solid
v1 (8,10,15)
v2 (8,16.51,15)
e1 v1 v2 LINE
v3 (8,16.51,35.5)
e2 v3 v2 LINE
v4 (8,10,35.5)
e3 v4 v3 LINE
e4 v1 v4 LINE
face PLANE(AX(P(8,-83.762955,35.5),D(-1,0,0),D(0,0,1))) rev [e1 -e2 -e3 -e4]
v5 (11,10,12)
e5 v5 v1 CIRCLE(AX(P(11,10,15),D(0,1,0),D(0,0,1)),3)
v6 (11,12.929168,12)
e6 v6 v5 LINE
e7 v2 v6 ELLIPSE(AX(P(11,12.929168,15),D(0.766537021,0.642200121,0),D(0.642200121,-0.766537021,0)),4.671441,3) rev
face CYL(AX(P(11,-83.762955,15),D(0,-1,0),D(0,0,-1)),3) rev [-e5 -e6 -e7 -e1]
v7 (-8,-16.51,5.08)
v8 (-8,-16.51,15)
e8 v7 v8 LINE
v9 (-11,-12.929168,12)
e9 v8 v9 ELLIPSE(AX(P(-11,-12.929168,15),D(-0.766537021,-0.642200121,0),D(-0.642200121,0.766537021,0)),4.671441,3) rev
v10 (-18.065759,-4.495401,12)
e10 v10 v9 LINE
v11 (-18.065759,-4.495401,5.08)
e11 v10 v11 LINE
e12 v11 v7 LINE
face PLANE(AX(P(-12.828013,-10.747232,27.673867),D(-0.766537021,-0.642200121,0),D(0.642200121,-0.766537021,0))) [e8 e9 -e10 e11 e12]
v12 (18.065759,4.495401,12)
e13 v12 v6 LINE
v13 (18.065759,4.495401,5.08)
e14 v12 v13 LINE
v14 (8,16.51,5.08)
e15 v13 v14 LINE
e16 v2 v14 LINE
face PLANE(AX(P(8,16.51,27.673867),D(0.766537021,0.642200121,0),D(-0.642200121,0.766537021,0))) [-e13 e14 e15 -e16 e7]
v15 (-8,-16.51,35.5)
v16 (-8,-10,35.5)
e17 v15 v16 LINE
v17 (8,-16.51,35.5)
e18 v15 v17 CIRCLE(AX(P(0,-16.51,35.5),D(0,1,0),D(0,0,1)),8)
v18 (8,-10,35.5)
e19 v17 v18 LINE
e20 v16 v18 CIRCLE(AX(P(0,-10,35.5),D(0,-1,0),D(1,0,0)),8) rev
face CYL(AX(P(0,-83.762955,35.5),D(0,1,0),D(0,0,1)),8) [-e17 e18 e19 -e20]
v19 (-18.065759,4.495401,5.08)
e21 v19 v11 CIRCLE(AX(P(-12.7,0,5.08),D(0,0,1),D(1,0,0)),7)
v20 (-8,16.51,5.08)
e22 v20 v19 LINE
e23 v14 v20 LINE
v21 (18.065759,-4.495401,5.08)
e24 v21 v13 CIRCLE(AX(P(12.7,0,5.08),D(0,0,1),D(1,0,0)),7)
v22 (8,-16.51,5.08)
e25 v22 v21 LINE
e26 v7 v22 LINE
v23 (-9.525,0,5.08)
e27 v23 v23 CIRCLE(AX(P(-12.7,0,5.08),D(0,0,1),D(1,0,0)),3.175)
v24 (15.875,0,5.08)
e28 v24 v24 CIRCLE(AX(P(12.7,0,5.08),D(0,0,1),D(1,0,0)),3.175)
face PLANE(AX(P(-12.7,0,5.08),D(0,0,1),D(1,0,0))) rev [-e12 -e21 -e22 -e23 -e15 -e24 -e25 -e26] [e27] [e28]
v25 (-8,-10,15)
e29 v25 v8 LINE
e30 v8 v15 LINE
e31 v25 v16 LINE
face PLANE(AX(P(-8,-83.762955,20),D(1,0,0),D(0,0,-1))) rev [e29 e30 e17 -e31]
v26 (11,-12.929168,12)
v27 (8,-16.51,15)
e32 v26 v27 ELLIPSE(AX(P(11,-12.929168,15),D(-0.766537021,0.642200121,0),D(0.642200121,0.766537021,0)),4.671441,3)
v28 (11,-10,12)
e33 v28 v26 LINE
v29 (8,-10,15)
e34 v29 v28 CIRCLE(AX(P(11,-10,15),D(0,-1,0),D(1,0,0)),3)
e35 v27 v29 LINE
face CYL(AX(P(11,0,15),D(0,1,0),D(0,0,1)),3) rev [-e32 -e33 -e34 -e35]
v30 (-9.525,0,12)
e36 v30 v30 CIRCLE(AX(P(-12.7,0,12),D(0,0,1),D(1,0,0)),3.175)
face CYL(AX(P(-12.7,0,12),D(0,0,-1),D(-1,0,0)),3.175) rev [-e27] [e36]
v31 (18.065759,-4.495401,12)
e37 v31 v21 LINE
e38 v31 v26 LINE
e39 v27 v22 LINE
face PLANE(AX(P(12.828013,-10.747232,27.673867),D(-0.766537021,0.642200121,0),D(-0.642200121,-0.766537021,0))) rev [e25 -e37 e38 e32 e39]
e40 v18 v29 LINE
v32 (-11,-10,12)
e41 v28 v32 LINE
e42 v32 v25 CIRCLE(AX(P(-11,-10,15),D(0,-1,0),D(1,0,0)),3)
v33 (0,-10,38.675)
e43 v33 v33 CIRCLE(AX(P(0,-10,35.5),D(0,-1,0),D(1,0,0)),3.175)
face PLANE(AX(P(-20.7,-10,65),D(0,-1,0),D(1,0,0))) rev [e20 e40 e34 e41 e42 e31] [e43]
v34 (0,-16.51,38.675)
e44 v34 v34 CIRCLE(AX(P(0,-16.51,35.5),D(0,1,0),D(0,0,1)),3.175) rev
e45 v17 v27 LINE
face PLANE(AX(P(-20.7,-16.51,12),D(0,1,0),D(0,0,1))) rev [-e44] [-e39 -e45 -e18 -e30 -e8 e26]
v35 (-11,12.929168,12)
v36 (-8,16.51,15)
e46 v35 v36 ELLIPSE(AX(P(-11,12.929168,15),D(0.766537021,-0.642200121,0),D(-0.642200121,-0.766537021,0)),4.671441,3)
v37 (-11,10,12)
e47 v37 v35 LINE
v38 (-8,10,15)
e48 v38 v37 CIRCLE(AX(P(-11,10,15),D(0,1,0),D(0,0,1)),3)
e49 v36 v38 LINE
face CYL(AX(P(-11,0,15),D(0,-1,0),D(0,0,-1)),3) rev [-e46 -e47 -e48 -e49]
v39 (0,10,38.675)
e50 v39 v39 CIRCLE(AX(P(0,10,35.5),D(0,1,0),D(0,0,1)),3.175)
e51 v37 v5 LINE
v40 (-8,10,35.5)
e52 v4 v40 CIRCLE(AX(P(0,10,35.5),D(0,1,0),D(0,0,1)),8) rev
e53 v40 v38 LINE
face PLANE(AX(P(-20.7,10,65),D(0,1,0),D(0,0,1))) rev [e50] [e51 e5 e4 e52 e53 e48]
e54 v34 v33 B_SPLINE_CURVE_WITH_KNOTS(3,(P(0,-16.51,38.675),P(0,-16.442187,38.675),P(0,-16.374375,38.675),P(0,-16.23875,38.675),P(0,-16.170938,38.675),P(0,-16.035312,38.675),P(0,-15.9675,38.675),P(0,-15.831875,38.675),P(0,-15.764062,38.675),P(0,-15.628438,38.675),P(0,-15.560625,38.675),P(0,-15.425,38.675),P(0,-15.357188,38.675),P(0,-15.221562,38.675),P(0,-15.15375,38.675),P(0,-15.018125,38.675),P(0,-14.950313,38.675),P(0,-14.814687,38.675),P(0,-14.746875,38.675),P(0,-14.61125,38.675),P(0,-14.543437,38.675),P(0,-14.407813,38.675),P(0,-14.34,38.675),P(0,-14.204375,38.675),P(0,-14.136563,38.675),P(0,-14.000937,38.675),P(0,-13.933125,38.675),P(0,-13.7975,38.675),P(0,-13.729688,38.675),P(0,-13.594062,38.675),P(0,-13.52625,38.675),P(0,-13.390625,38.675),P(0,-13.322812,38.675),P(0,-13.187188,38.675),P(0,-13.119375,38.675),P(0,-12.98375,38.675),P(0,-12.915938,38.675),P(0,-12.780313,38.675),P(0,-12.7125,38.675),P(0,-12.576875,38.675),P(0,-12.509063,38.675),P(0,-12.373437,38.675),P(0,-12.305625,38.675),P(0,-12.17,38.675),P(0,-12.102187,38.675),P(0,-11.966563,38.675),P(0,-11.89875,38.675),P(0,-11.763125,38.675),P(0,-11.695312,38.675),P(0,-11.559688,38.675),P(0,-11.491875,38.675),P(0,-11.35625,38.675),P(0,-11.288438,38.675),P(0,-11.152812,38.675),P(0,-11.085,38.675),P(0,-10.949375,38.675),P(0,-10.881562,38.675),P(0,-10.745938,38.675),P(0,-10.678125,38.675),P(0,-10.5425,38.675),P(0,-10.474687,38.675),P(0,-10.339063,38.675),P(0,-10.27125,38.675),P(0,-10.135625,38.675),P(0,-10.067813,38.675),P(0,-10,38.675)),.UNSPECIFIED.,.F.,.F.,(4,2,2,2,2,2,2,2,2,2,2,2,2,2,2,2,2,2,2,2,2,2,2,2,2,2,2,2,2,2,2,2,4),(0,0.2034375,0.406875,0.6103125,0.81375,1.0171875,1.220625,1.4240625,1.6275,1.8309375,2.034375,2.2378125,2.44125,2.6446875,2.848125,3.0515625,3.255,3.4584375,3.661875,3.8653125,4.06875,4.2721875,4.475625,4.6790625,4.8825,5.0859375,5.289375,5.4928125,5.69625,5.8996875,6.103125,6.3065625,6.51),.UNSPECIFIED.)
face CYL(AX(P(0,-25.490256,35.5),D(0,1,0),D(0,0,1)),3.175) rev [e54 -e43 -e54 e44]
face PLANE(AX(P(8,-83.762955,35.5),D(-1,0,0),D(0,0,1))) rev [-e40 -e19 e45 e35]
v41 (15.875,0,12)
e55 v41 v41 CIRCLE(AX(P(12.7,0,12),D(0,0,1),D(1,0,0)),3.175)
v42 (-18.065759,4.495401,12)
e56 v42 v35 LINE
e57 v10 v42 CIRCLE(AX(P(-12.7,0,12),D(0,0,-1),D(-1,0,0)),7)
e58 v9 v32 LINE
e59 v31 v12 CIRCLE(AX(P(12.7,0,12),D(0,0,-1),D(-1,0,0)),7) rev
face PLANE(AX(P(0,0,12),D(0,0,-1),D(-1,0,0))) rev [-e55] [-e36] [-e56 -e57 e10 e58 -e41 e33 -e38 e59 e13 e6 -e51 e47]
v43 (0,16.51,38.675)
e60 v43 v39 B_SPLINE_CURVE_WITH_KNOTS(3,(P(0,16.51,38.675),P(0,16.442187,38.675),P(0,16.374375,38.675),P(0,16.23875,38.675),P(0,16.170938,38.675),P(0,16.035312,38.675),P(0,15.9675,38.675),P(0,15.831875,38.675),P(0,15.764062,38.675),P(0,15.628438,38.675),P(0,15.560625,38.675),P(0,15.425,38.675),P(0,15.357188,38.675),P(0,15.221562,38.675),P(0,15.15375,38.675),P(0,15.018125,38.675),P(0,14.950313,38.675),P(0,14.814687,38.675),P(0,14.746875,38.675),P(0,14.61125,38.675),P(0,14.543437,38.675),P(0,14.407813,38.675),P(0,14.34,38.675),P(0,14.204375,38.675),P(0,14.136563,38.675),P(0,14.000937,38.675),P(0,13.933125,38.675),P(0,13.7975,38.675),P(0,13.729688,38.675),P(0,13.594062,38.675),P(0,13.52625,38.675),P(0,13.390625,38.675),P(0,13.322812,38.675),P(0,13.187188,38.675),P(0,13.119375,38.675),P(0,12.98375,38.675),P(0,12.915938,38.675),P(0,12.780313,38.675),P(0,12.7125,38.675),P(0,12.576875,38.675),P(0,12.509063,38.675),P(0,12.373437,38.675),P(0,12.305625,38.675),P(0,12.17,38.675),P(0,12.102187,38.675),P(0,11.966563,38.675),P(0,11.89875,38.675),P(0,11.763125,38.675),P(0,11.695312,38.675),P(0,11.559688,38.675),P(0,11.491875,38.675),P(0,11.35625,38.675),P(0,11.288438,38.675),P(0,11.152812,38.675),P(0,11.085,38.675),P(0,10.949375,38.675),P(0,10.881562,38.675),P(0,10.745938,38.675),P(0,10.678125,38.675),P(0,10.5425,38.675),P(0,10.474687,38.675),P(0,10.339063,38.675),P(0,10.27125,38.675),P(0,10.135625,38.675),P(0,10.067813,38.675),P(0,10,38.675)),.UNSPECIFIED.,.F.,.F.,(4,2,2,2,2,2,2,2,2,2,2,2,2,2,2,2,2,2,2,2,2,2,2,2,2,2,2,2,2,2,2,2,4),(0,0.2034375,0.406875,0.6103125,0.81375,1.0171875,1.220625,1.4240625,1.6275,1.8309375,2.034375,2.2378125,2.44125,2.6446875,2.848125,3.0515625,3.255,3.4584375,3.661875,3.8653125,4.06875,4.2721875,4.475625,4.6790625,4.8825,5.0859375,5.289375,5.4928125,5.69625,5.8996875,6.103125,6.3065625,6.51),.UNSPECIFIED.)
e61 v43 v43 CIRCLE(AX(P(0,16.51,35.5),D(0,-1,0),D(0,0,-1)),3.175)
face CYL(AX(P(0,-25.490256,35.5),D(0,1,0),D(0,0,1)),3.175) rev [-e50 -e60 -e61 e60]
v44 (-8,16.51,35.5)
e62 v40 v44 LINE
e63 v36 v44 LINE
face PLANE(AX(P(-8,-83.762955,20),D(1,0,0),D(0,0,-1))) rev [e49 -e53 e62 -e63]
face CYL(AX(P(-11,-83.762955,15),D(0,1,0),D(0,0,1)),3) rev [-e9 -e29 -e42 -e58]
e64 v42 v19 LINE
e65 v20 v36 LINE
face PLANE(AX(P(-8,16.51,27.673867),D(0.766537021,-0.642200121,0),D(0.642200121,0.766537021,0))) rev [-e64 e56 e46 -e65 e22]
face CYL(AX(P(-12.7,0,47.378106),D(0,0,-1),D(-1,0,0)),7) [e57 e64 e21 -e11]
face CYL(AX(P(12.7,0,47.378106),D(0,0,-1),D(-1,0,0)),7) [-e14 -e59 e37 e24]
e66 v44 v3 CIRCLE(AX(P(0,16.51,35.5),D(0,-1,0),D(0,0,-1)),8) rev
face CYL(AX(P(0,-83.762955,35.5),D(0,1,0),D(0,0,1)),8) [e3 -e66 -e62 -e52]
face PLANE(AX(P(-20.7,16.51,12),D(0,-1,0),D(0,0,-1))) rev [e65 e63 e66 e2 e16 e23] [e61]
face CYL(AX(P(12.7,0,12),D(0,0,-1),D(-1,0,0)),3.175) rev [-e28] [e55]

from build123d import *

# Parameters (mm, degrees)
SKETCH1_W                      = 41.4
SKETCH1_H                      = 33.02
SKETCH1_R                      = 3.175
BOSS_EXTRUDE1_DEPTH            = 12
SKETCH2_W                      = 41.4
SKETCH2_H                      = 6.51
BOSS_EXTRUDE2_DEPTH            = 53
CUT_EXTRUDE1_REACH             = 72.186
SKETCH4_R                      = 3.175
CUT_EXTRUDE1_DIRECTION_2_REACH = 72.186
CUT_EXTRUDE3_REACH             = 72.186
CUT_EXTRUDE3_DIRECTION_2_REACH = 72.186
CUT_EXTRUDE4_DEPTH             = 12
BOSS_EXTRUDE3_DEPTH            = 12
FILLET3_R                      = 3
CUT_EXTRUDE5_DEPTH             = 5.08


with BuildPart() as part:
    # Sketch1 → Boss-Extrude1 (new body)
    with BuildSketch(Plane.XY):
        Rectangle(SKETCH1_W, SKETCH1_H)
        with Locations((12.7, 0)):
            Circle(SKETCH1_R, mode=Mode.SUBTRACT)
        with Locations((-12.7, 0)):
            Circle(SKETCH1_R, mode=Mode.SUBTRACT)
    extrude(amount=BOSS_EXTRUDE1_DEPTH)

    # Sketch2 → Boss-Extrude2 (add)
    with BuildSketch(Plane.XY.offset(12)):
        with Locations((0, 13.255)):
            Rectangle(SKETCH2_W, SKETCH2_H)
        with Locations((0, -13.255)):
            Rectangle(SKETCH2_W, SKETCH2_H)
    extrude(amount=BOSS_EXTRUDE2_DEPTH)

    # Cut-Extrude1: up to this face of the body (flat: up to its plane)
    cut_extrude1_end = Plane(part.part.faces().sort_by_distance((0, -16.51, 32.5))[0])
    # Sketch4 → Cut-Extrude1 (cut, up to the picked face)
    with BuildSketch(Plane(origin=(0, 0, 0), x_dir=(1, 0, 0), z_dir=(0, 1, 0)), mode=Mode.PRIVATE) as cut_extrude1_sk1:
        with Locations(Location((0, -35.5, 0), (0, 0, 270))):
            Circle(SKETCH4_R)
    cut_extrude1_tool1 = split(extrude(cut_extrude1_sk1.sketch, amount=-CUT_EXTRUDE1_REACH, mode=Mode.PRIVATE), bisect_by=cut_extrude1_end, keep=Keep.BOTH, mode=Mode.PRIVATE)
    add(cut_extrude1_tool1.solids().sort_by(Axis((0, 0, 35.5), (0, -1, 0)))[0], mode=Mode.SUBTRACT)

    # Cut-Extrude1 direction 2: up to this face of the body (flat: up to its plane)
    cut_extrude1_direction_2_end = Plane(part.part.faces().sort_by_distance((0, 16.51, 32.5))[0])
    # Sketch4 → Cut-Extrude1 direction 2 (cut, up to the picked face)
    with BuildSketch(Plane(origin=(0, 0, 0), x_dir=(1, 0, 0), z_dir=(0, 1, 0)), mode=Mode.PRIVATE) as cut_extrude1_direction_2_sk1:
        with Locations(Location((0, -35.5, 0), (0, 0, 270))):
            Circle(SKETCH4_R)
    cut_extrude1_direction_2_tool1 = split(extrude(cut_extrude1_direction_2_sk1.sketch, amount=CUT_EXTRUDE1_DIRECTION_2_REACH, mode=Mode.PRIVATE), bisect_by=cut_extrude1_direction_2_end, keep=Keep.BOTH, mode=Mode.PRIVATE)
    add(cut_extrude1_direction_2_tool1.solids().sort_by(Axis((0, 0, 35.5), (0, 1, 0)))[0], mode=Mode.SUBTRACT)

    # Cut-Extrude3: up to this face of the body (flat: up to its plane)
    cut_extrude3_end = Plane(part.part.faces().sort_by_distance((-19.929353518, -16.51, 32.5))[0])
    # Sketch6 → Cut-Extrude3 (cut, up to the picked face)
    with BuildSketch(Plane(origin=(0, 0, 0), x_dir=(1, 0, 0), z_dir=(0, 1, 0)), mode=Mode.PRIVATE) as cut_extrude3_sk1:
        with BuildLine():
            Line((-8, -35.5), (-8, -20))
            Line((-8, -20), (-8, -12))
            Line((-8, -12), (-16, -12))
            Line((-16, -12), (-20.7, -12))
            Line((-20.7, -12), (-20.7, -65))
            Line((-20.7, -65), (20.7, -65))
            Line((20.7, -65), (20.7, -12))
            Line((20.7, -12), (16, -12))
            Line((16, -12), (8, -12))
            Line((8, -12), (8, -20))
            Line((8, -20), (8, -35.5))
            ThreePointArc((8, -35.5), (0, -43.5), (-8, -35.5))
        make_face()
    cut_extrude3_tool1 = split(extrude(cut_extrude3_sk1.sketch, amount=-CUT_EXTRUDE3_REACH, mode=Mode.PRIVATE), bisect_by=cut_extrude3_end, keep=Keep.BOTH, mode=Mode.PRIVATE)
    add(cut_extrude3_tool1.solids().sort_by(Axis((-8.67253, 0, 27.75), (0, -1, 0)))[0], mode=Mode.SUBTRACT)

    # Cut-Extrude3 direction 2: up to this face of the body (flat: up to its plane)
    cut_extrude3_direction_2_end = Plane(part.part.faces().sort_by_distance((19.929353518, 16.51, 32.5))[0])
    # Sketch6 → Cut-Extrude3 direction 2 (cut, up to the picked face)
    with BuildSketch(Plane(origin=(0, 0, 0), x_dir=(1, 0, 0), z_dir=(0, 1, 0)), mode=Mode.PRIVATE) as cut_extrude3_direction_2_sk1:
        with BuildLine():
            Line((-8, -35.5), (-8, -20))
            Line((-8, -20), (-8, -12))
            Line((-8, -12), (-16, -12))
            Line((-16, -12), (-20.7, -12))
            Line((-20.7, -12), (-20.7, -65))
            Line((-20.7, -65), (20.7, -65))
            Line((20.7, -65), (20.7, -12))
            Line((20.7, -12), (16, -12))
            Line((16, -12), (8, -12))
            Line((8, -12), (8, -20))
            Line((8, -20), (8, -35.5))
            ThreePointArc((8, -35.5), (0, -43.5), (-8, -35.5))
        make_face()
    cut_extrude3_direction_2_tool1 = split(extrude(cut_extrude3_direction_2_sk1.sketch, amount=CUT_EXTRUDE3_DIRECTION_2_REACH, mode=Mode.PRIVATE), bisect_by=cut_extrude3_direction_2_end, keep=Keep.BOTH, mode=Mode.PRIVATE)
    add(cut_extrude3_direction_2_tool1.solids().sort_by(Axis((-8.67253, 0, 27.75), (0, 1, 0)))[0], mode=Mode.SUBTRACT)

    # Sketch7 → Cut-Extrude4 (cut)
    with BuildSketch(Plane.XY):
        with BuildLine():
            ThreePointArc((-12.7, 7), (-19.7, 0), (-12.7, -7))
            Line((-12.7, -7), (-8, -7))
            Line((-8, -7), (-8, -16.51))
            Line((-8, -16.51), (-20.7, -16.51))
            Line((-20.7, -16.51), (-20.7, 16.51))
            Line((-20.7, 16.51), (-8, 16.51))
            Line((-8, 16.51), (-8, 7))
            Line((-8, 7), (-12.7, 7))
        make_face()
        with BuildLine():
            Line((12.7, 7), (8, 7))
            Line((8, 7), (8, 16.51))
            Line((8, 16.51), (20.7, 16.51))
            Line((20.7, 16.51), (20.7, -16.51))
            Line((20.7, -16.51), (8, -16.51))
            Line((8, -16.51), (8, -7))
            Line((8, -7), (12.7, -7))
            ThreePointArc((12.7, -7), (19.7, 0), (12.7, 7))
        make_face()
    extrude(amount=CUT_EXTRUDE4_DEPTH, mode=Mode.SUBTRACT)

    # Sketch8 → Boss-Extrude3 (add)
    with BuildSketch(Plane.XY):
        with BuildLine():
            Line((8, -16.51), (18.065759147, -4.495400847))
            ThreePointArc((18.065759147, -4.495400847), (15.660759537, -6.343020019), (12.7, -7))
            Line((12.7, -7), (8, -7))
            Line((8, -7), (8, -16.51))
        make_face()
        with BuildLine():
            ThreePointArc((-18.065759147, -4.495400847), (-15.660759537, -6.343020019), (-12.7, -7))
            Line((-12.7, -7), (-8, -7))
            Line((-8, -7), (-8, -16.51))
            Line((-8, -16.51), (-18.065759147, -4.495400847))
        make_face()
        with BuildLine():
            Line((8, 16.51), (18.065759147, 4.495400847))
            ThreePointArc((18.065759147, 4.495400847), (15.660759537, 6.343020019), (12.7, 7))
            Line((12.7, 7), (8, 7))
            Line((8, 7), (8, 16.51))
        make_face()
        with BuildLine():
            Line((-8, 16.51), (-18.065759147, 4.495400847))
            ThreePointArc((-18.065759147, 4.495400847), (-15.660759537, 6.343020019), (-12.7, 7))
            Line((-12.7, 7), (-8, 7))
            Line((-8, 7), (-8, 16.51))
        make_face()
    extrude(amount=BOSS_EXTRUDE3_DEPTH)

    # Fillet3
    fillet3_edges = [part.edges().sort_by_distance(p)[0] for p in [
        (8, -13.255, 12),
        (-8, -13.255, 12),
        (8, 13.255, 12),
        (-8, 13.255, 12),
    ]]
    fillet(fillet3_edges, radius=FILLET3_R)

    # Sketch10 → Cut-Extrude5 (cut)
    with BuildSketch(Plane.XY):
        with BuildLine():
            Line((-8, 16.51), (-18.065759147, 4.495400847))
            ThreePointArc((-18.065759147, 4.495400847), (-19.7, 0), (-18.065759147, -4.495400847))
            Line((-18.065759147, -4.495400847), (-8, -16.51))
            Line((-8, -16.51), (8, -16.51))
            Line((8, -16.51), (18.065759147, -4.495400847))
            ThreePointArc((18.065759147, -4.495400847), (19.7, 0), (18.065759147, 4.495400847))
            Line((18.065759147, 4.495400847), (8, 16.51))
            Line((8, 16.51), (-8, 16.51))
        make_face()
    extrude(amount=CUT_EXTRUDE5_DEPTH, mode=Mode.SUBTRACT)


solid = part.part
